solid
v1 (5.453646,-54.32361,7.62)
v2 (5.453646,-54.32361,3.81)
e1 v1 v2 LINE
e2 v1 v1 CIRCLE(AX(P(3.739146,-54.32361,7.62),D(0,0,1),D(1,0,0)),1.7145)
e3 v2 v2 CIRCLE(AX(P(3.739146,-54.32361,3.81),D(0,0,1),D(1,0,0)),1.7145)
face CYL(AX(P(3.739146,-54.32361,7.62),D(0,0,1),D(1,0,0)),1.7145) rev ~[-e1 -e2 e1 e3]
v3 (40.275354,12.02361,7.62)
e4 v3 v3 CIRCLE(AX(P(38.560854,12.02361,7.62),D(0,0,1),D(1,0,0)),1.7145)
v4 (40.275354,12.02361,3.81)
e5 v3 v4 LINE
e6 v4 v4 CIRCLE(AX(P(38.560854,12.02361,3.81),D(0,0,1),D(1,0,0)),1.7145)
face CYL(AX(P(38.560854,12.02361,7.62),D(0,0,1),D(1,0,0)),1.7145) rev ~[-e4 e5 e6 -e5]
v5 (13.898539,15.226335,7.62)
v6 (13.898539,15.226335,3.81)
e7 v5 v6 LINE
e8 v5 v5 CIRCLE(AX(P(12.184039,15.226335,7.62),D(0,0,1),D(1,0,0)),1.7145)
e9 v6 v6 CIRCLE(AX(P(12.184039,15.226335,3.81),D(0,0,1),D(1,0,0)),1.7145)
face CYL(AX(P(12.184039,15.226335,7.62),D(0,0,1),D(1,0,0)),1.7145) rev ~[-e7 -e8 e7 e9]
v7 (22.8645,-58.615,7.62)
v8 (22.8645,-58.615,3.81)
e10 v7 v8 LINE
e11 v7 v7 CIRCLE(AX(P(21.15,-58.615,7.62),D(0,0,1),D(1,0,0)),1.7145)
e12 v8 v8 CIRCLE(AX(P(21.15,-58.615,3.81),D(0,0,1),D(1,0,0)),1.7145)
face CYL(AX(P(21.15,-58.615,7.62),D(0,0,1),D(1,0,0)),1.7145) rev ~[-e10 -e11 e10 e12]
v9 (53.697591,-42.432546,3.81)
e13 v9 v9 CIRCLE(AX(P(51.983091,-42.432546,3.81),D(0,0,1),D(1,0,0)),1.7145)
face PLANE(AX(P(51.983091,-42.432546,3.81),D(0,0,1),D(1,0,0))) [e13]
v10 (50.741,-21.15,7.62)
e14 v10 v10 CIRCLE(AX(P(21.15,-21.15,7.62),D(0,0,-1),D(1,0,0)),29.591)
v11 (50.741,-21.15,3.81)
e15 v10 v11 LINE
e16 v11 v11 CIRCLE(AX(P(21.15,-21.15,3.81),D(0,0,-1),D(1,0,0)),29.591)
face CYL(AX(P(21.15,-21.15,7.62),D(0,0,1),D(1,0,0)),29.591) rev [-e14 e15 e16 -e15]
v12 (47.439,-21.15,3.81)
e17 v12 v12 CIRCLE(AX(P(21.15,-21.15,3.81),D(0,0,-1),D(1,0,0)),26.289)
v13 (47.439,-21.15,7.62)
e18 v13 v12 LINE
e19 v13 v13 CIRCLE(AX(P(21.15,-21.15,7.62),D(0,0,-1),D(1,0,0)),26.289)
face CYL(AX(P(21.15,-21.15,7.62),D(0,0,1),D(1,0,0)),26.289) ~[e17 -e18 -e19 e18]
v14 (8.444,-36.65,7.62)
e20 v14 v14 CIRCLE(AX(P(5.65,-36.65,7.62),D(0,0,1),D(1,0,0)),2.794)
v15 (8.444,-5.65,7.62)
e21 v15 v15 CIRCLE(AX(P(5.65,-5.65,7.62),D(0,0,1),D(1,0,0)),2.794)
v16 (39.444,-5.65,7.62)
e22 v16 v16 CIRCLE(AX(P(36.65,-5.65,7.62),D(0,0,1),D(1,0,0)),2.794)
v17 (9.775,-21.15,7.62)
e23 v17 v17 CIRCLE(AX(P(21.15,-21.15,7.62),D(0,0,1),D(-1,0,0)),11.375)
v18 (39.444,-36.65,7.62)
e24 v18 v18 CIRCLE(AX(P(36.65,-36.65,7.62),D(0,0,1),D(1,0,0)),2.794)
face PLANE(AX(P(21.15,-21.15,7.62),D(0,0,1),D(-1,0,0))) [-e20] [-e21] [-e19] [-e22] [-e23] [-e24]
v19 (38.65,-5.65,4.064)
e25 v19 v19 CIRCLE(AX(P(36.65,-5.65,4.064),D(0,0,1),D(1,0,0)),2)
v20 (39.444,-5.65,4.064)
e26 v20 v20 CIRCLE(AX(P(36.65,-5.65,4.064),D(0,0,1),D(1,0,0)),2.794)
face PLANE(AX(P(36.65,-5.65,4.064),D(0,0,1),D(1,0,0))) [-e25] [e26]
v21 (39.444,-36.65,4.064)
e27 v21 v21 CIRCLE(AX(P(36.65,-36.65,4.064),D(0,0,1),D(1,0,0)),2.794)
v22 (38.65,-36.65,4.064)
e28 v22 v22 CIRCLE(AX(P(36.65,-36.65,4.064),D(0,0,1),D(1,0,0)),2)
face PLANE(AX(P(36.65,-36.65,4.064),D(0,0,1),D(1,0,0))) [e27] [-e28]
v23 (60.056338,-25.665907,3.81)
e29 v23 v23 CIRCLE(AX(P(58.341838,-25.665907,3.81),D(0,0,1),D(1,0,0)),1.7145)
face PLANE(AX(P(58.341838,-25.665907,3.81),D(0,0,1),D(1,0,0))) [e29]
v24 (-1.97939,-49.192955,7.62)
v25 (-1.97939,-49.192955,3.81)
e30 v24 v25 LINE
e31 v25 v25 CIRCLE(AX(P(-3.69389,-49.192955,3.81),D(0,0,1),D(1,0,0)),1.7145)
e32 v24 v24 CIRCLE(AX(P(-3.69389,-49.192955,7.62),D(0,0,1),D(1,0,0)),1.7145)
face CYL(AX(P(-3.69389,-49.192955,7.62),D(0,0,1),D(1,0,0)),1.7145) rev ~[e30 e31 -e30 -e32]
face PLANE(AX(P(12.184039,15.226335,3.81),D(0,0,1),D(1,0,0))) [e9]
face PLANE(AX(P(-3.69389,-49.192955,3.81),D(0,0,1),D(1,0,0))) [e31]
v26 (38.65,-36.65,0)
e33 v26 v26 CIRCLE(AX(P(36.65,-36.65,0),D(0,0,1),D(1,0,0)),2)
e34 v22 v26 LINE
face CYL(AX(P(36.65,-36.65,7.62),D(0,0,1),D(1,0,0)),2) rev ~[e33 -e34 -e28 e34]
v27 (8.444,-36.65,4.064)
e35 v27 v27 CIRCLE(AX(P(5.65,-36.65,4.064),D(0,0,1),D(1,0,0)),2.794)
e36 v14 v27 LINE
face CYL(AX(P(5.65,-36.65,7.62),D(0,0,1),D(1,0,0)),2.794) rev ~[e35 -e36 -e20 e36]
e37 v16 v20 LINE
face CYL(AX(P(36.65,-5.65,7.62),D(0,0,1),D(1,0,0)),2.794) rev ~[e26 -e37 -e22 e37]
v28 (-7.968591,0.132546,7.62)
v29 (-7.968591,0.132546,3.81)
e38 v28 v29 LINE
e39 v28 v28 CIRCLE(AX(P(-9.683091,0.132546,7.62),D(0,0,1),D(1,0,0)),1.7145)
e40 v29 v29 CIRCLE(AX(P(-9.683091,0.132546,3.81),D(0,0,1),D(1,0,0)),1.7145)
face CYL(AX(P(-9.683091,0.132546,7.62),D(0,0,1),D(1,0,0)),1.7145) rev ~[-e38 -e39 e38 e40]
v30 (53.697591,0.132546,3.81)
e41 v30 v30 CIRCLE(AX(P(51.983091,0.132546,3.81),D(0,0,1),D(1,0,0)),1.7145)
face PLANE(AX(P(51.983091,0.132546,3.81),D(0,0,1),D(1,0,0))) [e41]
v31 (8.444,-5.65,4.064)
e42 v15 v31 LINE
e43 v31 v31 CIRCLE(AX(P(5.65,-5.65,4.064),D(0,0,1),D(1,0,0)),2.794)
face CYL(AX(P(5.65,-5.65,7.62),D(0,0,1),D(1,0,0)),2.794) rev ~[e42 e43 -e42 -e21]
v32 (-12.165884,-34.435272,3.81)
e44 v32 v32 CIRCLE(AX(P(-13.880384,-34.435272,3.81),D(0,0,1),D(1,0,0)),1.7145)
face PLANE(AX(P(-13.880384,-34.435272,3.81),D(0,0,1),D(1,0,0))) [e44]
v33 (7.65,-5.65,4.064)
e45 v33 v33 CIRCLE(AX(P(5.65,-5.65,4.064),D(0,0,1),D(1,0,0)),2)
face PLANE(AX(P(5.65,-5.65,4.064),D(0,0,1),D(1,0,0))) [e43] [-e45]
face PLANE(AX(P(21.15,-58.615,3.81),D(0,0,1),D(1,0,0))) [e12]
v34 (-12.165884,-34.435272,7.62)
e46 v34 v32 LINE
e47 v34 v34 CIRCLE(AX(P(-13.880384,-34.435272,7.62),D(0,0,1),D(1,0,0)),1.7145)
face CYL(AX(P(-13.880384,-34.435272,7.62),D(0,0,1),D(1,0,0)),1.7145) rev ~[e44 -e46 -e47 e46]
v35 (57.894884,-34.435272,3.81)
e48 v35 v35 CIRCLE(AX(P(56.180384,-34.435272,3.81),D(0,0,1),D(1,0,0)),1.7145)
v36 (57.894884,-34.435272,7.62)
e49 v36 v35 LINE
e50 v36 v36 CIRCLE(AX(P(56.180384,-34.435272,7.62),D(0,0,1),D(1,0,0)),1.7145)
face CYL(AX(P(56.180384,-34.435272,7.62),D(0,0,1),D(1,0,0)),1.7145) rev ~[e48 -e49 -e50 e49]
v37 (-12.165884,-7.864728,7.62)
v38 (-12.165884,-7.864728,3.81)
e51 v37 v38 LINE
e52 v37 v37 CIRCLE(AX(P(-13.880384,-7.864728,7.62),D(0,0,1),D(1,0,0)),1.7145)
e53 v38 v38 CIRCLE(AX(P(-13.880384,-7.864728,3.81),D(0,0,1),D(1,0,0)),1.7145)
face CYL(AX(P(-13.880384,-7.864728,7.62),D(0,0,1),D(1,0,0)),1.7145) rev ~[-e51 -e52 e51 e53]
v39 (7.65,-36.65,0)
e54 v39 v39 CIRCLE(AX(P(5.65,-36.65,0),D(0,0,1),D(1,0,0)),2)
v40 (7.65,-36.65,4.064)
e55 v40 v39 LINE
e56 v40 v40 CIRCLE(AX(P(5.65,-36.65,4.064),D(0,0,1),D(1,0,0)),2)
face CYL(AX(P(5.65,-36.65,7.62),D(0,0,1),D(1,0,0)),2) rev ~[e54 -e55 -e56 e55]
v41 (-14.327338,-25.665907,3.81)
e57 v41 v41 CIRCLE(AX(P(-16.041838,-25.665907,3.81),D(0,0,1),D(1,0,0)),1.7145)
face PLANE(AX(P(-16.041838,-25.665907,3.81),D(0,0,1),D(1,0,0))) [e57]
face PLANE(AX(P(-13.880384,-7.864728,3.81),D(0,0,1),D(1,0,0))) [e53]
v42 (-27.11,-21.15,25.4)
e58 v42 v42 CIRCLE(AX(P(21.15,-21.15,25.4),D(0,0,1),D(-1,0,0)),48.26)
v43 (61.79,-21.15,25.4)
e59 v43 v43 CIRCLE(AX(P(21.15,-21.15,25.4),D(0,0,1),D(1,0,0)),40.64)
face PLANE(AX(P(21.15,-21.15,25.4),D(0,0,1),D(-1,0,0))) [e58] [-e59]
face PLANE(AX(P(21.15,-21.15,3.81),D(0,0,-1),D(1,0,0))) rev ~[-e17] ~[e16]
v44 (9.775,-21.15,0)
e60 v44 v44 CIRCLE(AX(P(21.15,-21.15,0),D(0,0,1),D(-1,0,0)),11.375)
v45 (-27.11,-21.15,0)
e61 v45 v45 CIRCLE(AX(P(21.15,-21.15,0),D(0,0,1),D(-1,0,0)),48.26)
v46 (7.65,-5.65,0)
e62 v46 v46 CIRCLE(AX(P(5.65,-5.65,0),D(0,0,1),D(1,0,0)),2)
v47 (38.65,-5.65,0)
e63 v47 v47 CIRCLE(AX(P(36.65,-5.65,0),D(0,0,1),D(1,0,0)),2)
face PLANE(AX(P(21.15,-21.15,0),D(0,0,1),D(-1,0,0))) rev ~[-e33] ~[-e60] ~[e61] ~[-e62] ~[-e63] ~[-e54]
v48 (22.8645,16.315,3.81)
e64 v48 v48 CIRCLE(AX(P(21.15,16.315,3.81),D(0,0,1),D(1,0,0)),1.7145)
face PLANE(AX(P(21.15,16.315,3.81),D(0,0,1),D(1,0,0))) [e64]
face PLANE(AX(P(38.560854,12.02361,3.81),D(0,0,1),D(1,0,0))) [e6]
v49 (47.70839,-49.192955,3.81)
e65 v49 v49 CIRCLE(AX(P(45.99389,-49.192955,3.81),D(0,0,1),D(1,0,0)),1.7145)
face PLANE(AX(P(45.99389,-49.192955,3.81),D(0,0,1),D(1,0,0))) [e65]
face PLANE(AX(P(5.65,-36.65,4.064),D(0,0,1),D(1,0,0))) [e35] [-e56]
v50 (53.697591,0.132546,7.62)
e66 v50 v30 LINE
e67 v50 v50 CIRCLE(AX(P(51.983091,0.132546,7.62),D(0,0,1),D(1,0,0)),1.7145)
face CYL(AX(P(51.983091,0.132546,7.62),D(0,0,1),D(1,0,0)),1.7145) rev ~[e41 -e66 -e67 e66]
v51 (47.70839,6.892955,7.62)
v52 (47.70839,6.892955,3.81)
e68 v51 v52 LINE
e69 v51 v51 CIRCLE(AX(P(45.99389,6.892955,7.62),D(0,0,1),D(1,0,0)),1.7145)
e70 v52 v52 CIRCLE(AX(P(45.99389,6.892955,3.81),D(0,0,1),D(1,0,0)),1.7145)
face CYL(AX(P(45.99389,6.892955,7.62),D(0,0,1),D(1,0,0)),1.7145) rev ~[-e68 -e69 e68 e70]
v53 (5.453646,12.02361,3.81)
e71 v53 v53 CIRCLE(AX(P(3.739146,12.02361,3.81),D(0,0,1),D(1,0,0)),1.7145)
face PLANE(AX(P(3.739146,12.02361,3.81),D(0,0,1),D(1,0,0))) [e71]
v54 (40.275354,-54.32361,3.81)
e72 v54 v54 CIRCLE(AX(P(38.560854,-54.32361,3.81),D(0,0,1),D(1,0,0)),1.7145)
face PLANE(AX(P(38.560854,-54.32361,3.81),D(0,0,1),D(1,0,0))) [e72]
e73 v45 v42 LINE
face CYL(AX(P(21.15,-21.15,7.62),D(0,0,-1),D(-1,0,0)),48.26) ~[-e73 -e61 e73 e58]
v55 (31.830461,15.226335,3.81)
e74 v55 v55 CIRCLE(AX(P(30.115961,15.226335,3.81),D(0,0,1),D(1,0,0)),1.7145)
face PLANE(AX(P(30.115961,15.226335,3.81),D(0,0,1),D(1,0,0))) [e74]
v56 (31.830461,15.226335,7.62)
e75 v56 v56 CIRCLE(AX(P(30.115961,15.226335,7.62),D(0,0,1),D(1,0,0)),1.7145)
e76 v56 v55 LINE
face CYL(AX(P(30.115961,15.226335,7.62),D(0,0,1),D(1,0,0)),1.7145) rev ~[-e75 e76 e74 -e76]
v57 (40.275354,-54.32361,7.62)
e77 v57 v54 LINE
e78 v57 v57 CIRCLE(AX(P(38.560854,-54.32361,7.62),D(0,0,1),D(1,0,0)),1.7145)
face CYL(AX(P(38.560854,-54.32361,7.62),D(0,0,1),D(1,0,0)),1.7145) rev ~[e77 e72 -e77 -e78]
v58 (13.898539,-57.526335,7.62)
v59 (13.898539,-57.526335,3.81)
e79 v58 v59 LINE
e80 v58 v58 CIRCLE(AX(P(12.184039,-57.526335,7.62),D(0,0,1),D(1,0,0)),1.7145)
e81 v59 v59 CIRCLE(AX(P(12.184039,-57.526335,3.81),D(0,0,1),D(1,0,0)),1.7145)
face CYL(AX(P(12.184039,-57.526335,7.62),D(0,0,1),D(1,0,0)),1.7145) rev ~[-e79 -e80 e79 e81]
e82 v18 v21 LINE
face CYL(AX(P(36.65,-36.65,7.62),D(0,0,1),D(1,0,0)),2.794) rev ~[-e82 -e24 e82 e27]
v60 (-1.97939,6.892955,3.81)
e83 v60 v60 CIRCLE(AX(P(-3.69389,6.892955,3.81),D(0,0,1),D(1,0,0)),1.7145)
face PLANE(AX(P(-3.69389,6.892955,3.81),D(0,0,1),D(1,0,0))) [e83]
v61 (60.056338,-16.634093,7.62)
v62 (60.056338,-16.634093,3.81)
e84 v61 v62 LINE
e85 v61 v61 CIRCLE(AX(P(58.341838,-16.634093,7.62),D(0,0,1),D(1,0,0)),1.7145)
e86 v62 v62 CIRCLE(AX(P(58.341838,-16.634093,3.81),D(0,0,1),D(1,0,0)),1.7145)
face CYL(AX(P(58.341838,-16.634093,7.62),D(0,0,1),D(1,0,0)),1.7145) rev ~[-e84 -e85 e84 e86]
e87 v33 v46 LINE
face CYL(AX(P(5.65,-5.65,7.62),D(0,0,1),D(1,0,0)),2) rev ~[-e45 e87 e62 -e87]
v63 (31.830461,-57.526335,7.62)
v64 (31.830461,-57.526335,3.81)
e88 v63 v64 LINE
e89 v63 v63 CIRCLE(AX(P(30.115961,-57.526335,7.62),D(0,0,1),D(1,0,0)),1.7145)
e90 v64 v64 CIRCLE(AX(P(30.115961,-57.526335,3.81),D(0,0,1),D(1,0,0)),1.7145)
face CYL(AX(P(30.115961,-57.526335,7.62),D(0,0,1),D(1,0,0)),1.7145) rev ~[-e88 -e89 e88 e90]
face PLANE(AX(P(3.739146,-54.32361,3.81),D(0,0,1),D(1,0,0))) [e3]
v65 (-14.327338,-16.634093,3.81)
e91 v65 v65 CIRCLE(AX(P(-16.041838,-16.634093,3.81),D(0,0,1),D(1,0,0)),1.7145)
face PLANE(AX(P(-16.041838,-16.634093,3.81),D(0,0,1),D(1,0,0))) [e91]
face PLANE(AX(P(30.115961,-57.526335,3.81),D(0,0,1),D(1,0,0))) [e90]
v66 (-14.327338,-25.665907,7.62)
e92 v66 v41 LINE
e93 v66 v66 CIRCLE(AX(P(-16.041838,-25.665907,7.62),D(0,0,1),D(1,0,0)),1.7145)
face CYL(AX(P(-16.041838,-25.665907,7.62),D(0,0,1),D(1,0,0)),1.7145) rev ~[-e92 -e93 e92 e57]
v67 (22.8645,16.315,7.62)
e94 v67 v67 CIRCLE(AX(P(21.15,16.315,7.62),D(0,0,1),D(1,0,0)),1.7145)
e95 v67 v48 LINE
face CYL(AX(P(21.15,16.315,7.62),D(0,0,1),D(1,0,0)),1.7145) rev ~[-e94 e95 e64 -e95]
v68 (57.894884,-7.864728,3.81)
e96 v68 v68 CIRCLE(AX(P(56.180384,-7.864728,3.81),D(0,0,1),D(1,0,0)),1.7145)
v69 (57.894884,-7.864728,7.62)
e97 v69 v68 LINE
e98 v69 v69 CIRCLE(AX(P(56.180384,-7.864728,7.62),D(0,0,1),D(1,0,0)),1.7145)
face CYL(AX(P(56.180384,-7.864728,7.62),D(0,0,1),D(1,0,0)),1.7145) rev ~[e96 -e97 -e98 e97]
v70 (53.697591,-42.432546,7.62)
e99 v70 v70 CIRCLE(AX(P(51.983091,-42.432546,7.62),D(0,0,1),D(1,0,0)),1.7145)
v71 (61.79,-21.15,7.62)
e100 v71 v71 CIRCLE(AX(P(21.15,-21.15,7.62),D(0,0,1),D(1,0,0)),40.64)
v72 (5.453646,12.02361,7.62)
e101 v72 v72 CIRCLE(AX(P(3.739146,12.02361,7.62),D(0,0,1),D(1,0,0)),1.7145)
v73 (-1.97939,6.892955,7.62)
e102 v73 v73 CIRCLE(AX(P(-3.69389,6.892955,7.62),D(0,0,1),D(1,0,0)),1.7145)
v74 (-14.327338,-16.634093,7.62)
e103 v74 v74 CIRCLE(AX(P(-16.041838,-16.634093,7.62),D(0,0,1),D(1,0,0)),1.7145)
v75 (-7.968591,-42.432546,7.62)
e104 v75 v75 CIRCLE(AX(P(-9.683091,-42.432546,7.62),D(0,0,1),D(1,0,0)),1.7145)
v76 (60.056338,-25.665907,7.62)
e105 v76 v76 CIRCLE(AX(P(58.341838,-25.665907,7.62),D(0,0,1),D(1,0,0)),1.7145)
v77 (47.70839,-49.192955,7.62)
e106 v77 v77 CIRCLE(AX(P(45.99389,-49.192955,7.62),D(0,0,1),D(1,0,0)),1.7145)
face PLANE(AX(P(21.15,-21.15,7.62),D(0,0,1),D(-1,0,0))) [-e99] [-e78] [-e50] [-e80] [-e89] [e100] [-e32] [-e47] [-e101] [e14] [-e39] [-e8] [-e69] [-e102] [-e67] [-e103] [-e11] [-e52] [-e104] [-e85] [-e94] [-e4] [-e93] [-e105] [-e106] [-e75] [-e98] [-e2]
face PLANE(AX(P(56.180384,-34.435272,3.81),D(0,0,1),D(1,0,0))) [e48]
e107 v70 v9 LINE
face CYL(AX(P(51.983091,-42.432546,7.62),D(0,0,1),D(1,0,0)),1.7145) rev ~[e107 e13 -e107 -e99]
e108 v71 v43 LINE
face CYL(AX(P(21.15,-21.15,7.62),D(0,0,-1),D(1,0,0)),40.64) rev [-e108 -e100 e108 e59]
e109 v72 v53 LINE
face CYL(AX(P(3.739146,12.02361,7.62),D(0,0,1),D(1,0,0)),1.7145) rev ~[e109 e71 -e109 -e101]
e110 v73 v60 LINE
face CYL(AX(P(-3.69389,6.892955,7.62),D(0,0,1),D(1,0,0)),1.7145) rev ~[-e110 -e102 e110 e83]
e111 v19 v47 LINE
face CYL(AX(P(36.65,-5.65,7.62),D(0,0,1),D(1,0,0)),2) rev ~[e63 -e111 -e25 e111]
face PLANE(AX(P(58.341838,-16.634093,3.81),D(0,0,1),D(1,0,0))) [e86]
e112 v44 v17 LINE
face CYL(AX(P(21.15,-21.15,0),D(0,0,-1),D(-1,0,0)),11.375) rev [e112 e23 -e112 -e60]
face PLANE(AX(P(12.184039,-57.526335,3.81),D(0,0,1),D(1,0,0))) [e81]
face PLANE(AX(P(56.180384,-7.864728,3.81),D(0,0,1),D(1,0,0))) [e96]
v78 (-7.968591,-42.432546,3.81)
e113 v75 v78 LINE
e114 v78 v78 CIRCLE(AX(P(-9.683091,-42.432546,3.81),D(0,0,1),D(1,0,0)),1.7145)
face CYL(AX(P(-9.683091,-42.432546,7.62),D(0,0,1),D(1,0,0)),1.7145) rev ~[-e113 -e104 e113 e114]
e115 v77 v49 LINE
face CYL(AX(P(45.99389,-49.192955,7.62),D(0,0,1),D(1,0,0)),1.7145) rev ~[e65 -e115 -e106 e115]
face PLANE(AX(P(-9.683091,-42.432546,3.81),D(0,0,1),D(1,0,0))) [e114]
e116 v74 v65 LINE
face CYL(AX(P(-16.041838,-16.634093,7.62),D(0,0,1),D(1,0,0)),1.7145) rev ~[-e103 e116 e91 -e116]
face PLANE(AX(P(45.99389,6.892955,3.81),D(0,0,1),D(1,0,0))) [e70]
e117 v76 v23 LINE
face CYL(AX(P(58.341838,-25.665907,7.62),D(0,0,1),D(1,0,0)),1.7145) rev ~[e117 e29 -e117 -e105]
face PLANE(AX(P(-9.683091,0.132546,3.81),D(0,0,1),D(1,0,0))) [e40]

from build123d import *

# Parameters (mm, degrees)
SKETCH1_R           = 48.26
SKETCH1_R_2         = 11.375
BOSS_EXTRUDE1_DEPTH = 7.62
SKETCH3_R           = 1.7145
CUT_EXTRUDE1_DEPTH  = 3.81
SKETCH5_R           = 48.26
SKETCH5_R_2         = 40.64
BOSS_EXTRUDE2_DEPTH = 17.78
SKETCH10_R          = 2.794
CUT_EXTRUDE2_DEPTH  = 3.556
SKETCH11_R          = 2.000000064
CUT_EXTRUDE3_DEPTH  = 100.757829768
SKETCH13_R          = 29.591
SKETCH13_R_2        = 26.289
CUT_EXTRUDE7_DEPTH  = 3.81


with BuildPart() as part:
    # Sketch1 → Boss-Extrude1 (new body)
    with BuildSketch(Plane.XY):
        with Locations(Location((21.15, -21.15, 0), (0, 0, 180))):
            Circle(SKETCH1_R)
        with Locations(Location((21.15, -21.15, 0), (0, 0, 180))):
            Circle(SKETCH1_R_2, mode=Mode.SUBTRACT)
    extrude(amount=BOSS_EXTRUDE1_DEPTH)

    # Sketch3 → Cut-Extrude1 (cut)
    with BuildSketch(Plane.XY.offset(7.62)):
        with Locations((21.15, 16.315)):
            Circle(SKETCH3_R)
        with Locations((30.115961363, 15.22633519)):
            Circle(SKETCH3_R)
        with Locations((38.560853641, 12.023610001)):
            Circle(SKETCH3_R)
        with Locations((45.993890391, 6.89295518)):
            Circle(SKETCH3_R)
        with Locations((51.983090536, 0.132545736)):
            Circle(SKETCH3_R)
        with Locations((56.180383532, -7.864727907)):
            Circle(SKETCH3_R)
        with Locations((58.341837968, -16.634093274)):
            Circle(SKETCH3_R)
        with Locations((58.341837968, -25.665906726)):
            Circle(SKETCH3_R)
        with Locations((56.180383532, -34.435272093)):
            Circle(SKETCH3_R)
        with Locations((51.983090536, -42.432545736)):
            Circle(SKETCH3_R)
        with Locations((45.993890391, -49.19295518)):
            Circle(SKETCH3_R)
        with Locations((38.560853641, -54.323610001)):
            Circle(SKETCH3_R)
        with Locations((30.115961363, -57.52633519)):
            Circle(SKETCH3_R)
        with Locations((21.15, -58.615)):
            Circle(SKETCH3_R)
        with Locations((12.184038637, -57.52633519)):
            Circle(SKETCH3_R)
        with Locations((3.739146359, -54.323610001)):
            Circle(SKETCH3_R)
        with Locations((-3.693890391, -49.19295518)):
            Circle(SKETCH3_R)
        with Locations((-9.683090536, -42.432545736)):
            Circle(SKETCH3_R)
        with Locations((-13.880383532, -34.435272093)):
            Circle(SKETCH3_R)
        with Locations((-16.041837968, -25.665906726)):
            Circle(SKETCH3_R)
        with Locations((-16.041837968, -16.634093274)):
            Circle(SKETCH3_R)
        with Locations((-13.880383532, -7.864727907)):
            Circle(SKETCH3_R)
        with Locations((-9.683090536, 0.132545736)):
            Circle(SKETCH3_R)
        with Locations((-3.693890391, 6.89295518)):
            Circle(SKETCH3_R)
        with Locations((3.739146359, 12.023610001)):
            Circle(SKETCH3_R)
        with Locations((12.184038637, 15.22633519)):
            Circle(SKETCH3_R)
    extrude(amount=-CUT_EXTRUDE1_DEPTH, mode=Mode.SUBTRACT)

    # Sketch5 → Boss-Extrude2 (add)
    with BuildSketch(Plane.XY.offset(7.62)):
        with Locations(Location((21.15, -21.15, 0), (0, 0, 180))):
            Circle(SKETCH5_R)
        with Locations((21.15, -21.15)):
            Circle(SKETCH5_R_2, mode=Mode.SUBTRACT)
    extrude(amount=BOSS_EXTRUDE2_DEPTH)

    # Sketch10 → Cut-Extrude2 (cut)
    with BuildSketch(Plane.XY.offset(7.62)):
        with Locations((36.65, -36.65)):
            Circle(SKETCH10_R)
        with Locations((5.65, -36.65)):
            Circle(SKETCH10_R)
        with Locations((5.65, -5.65)):
            Circle(SKETCH10_R)
        with Locations((36.65, -5.65)):
            Circle(SKETCH10_R)
    extrude(amount=-CUT_EXTRUDE2_DEPTH, mode=Mode.SUBTRACT)

    # Sketch11 → Cut-Extrude3 (cut, through all)
    with BuildSketch(Plane.XY.offset(7.62)):
        with Locations((36.65, -36.65)):
            Circle(SKETCH11_R)
        with Locations((5.65, -36.65)):
            Circle(SKETCH11_R)
        with Locations((36.65, -5.65)):
            Circle(SKETCH11_R)
        with Locations((5.65, -5.65)):
            Circle(SKETCH11_R)
    extrude(amount=-CUT_EXTRUDE3_DEPTH, mode=Mode.SUBTRACT)

    # Sketch13 → Cut-Extrude7 (cut)
    with BuildSketch(Plane(origin=(0, 0, 7.62), x_dir=(-1, 0, 0), z_dir=(0, 0, -1))):
        with Locations(Location((-21.15, -21.15, 0), (0, 0, 180))):
            Circle(SKETCH13_R)
        with Locations(Location((-21.15, -21.15, 0), (0, 0, 180))):
            Circle(SKETCH13_R_2, mode=Mode.SUBTRACT)
    extrude(amount=CUT_EXTRUDE7_DEPTH, mode=Mode.SUBTRACT)


solid = part.part
